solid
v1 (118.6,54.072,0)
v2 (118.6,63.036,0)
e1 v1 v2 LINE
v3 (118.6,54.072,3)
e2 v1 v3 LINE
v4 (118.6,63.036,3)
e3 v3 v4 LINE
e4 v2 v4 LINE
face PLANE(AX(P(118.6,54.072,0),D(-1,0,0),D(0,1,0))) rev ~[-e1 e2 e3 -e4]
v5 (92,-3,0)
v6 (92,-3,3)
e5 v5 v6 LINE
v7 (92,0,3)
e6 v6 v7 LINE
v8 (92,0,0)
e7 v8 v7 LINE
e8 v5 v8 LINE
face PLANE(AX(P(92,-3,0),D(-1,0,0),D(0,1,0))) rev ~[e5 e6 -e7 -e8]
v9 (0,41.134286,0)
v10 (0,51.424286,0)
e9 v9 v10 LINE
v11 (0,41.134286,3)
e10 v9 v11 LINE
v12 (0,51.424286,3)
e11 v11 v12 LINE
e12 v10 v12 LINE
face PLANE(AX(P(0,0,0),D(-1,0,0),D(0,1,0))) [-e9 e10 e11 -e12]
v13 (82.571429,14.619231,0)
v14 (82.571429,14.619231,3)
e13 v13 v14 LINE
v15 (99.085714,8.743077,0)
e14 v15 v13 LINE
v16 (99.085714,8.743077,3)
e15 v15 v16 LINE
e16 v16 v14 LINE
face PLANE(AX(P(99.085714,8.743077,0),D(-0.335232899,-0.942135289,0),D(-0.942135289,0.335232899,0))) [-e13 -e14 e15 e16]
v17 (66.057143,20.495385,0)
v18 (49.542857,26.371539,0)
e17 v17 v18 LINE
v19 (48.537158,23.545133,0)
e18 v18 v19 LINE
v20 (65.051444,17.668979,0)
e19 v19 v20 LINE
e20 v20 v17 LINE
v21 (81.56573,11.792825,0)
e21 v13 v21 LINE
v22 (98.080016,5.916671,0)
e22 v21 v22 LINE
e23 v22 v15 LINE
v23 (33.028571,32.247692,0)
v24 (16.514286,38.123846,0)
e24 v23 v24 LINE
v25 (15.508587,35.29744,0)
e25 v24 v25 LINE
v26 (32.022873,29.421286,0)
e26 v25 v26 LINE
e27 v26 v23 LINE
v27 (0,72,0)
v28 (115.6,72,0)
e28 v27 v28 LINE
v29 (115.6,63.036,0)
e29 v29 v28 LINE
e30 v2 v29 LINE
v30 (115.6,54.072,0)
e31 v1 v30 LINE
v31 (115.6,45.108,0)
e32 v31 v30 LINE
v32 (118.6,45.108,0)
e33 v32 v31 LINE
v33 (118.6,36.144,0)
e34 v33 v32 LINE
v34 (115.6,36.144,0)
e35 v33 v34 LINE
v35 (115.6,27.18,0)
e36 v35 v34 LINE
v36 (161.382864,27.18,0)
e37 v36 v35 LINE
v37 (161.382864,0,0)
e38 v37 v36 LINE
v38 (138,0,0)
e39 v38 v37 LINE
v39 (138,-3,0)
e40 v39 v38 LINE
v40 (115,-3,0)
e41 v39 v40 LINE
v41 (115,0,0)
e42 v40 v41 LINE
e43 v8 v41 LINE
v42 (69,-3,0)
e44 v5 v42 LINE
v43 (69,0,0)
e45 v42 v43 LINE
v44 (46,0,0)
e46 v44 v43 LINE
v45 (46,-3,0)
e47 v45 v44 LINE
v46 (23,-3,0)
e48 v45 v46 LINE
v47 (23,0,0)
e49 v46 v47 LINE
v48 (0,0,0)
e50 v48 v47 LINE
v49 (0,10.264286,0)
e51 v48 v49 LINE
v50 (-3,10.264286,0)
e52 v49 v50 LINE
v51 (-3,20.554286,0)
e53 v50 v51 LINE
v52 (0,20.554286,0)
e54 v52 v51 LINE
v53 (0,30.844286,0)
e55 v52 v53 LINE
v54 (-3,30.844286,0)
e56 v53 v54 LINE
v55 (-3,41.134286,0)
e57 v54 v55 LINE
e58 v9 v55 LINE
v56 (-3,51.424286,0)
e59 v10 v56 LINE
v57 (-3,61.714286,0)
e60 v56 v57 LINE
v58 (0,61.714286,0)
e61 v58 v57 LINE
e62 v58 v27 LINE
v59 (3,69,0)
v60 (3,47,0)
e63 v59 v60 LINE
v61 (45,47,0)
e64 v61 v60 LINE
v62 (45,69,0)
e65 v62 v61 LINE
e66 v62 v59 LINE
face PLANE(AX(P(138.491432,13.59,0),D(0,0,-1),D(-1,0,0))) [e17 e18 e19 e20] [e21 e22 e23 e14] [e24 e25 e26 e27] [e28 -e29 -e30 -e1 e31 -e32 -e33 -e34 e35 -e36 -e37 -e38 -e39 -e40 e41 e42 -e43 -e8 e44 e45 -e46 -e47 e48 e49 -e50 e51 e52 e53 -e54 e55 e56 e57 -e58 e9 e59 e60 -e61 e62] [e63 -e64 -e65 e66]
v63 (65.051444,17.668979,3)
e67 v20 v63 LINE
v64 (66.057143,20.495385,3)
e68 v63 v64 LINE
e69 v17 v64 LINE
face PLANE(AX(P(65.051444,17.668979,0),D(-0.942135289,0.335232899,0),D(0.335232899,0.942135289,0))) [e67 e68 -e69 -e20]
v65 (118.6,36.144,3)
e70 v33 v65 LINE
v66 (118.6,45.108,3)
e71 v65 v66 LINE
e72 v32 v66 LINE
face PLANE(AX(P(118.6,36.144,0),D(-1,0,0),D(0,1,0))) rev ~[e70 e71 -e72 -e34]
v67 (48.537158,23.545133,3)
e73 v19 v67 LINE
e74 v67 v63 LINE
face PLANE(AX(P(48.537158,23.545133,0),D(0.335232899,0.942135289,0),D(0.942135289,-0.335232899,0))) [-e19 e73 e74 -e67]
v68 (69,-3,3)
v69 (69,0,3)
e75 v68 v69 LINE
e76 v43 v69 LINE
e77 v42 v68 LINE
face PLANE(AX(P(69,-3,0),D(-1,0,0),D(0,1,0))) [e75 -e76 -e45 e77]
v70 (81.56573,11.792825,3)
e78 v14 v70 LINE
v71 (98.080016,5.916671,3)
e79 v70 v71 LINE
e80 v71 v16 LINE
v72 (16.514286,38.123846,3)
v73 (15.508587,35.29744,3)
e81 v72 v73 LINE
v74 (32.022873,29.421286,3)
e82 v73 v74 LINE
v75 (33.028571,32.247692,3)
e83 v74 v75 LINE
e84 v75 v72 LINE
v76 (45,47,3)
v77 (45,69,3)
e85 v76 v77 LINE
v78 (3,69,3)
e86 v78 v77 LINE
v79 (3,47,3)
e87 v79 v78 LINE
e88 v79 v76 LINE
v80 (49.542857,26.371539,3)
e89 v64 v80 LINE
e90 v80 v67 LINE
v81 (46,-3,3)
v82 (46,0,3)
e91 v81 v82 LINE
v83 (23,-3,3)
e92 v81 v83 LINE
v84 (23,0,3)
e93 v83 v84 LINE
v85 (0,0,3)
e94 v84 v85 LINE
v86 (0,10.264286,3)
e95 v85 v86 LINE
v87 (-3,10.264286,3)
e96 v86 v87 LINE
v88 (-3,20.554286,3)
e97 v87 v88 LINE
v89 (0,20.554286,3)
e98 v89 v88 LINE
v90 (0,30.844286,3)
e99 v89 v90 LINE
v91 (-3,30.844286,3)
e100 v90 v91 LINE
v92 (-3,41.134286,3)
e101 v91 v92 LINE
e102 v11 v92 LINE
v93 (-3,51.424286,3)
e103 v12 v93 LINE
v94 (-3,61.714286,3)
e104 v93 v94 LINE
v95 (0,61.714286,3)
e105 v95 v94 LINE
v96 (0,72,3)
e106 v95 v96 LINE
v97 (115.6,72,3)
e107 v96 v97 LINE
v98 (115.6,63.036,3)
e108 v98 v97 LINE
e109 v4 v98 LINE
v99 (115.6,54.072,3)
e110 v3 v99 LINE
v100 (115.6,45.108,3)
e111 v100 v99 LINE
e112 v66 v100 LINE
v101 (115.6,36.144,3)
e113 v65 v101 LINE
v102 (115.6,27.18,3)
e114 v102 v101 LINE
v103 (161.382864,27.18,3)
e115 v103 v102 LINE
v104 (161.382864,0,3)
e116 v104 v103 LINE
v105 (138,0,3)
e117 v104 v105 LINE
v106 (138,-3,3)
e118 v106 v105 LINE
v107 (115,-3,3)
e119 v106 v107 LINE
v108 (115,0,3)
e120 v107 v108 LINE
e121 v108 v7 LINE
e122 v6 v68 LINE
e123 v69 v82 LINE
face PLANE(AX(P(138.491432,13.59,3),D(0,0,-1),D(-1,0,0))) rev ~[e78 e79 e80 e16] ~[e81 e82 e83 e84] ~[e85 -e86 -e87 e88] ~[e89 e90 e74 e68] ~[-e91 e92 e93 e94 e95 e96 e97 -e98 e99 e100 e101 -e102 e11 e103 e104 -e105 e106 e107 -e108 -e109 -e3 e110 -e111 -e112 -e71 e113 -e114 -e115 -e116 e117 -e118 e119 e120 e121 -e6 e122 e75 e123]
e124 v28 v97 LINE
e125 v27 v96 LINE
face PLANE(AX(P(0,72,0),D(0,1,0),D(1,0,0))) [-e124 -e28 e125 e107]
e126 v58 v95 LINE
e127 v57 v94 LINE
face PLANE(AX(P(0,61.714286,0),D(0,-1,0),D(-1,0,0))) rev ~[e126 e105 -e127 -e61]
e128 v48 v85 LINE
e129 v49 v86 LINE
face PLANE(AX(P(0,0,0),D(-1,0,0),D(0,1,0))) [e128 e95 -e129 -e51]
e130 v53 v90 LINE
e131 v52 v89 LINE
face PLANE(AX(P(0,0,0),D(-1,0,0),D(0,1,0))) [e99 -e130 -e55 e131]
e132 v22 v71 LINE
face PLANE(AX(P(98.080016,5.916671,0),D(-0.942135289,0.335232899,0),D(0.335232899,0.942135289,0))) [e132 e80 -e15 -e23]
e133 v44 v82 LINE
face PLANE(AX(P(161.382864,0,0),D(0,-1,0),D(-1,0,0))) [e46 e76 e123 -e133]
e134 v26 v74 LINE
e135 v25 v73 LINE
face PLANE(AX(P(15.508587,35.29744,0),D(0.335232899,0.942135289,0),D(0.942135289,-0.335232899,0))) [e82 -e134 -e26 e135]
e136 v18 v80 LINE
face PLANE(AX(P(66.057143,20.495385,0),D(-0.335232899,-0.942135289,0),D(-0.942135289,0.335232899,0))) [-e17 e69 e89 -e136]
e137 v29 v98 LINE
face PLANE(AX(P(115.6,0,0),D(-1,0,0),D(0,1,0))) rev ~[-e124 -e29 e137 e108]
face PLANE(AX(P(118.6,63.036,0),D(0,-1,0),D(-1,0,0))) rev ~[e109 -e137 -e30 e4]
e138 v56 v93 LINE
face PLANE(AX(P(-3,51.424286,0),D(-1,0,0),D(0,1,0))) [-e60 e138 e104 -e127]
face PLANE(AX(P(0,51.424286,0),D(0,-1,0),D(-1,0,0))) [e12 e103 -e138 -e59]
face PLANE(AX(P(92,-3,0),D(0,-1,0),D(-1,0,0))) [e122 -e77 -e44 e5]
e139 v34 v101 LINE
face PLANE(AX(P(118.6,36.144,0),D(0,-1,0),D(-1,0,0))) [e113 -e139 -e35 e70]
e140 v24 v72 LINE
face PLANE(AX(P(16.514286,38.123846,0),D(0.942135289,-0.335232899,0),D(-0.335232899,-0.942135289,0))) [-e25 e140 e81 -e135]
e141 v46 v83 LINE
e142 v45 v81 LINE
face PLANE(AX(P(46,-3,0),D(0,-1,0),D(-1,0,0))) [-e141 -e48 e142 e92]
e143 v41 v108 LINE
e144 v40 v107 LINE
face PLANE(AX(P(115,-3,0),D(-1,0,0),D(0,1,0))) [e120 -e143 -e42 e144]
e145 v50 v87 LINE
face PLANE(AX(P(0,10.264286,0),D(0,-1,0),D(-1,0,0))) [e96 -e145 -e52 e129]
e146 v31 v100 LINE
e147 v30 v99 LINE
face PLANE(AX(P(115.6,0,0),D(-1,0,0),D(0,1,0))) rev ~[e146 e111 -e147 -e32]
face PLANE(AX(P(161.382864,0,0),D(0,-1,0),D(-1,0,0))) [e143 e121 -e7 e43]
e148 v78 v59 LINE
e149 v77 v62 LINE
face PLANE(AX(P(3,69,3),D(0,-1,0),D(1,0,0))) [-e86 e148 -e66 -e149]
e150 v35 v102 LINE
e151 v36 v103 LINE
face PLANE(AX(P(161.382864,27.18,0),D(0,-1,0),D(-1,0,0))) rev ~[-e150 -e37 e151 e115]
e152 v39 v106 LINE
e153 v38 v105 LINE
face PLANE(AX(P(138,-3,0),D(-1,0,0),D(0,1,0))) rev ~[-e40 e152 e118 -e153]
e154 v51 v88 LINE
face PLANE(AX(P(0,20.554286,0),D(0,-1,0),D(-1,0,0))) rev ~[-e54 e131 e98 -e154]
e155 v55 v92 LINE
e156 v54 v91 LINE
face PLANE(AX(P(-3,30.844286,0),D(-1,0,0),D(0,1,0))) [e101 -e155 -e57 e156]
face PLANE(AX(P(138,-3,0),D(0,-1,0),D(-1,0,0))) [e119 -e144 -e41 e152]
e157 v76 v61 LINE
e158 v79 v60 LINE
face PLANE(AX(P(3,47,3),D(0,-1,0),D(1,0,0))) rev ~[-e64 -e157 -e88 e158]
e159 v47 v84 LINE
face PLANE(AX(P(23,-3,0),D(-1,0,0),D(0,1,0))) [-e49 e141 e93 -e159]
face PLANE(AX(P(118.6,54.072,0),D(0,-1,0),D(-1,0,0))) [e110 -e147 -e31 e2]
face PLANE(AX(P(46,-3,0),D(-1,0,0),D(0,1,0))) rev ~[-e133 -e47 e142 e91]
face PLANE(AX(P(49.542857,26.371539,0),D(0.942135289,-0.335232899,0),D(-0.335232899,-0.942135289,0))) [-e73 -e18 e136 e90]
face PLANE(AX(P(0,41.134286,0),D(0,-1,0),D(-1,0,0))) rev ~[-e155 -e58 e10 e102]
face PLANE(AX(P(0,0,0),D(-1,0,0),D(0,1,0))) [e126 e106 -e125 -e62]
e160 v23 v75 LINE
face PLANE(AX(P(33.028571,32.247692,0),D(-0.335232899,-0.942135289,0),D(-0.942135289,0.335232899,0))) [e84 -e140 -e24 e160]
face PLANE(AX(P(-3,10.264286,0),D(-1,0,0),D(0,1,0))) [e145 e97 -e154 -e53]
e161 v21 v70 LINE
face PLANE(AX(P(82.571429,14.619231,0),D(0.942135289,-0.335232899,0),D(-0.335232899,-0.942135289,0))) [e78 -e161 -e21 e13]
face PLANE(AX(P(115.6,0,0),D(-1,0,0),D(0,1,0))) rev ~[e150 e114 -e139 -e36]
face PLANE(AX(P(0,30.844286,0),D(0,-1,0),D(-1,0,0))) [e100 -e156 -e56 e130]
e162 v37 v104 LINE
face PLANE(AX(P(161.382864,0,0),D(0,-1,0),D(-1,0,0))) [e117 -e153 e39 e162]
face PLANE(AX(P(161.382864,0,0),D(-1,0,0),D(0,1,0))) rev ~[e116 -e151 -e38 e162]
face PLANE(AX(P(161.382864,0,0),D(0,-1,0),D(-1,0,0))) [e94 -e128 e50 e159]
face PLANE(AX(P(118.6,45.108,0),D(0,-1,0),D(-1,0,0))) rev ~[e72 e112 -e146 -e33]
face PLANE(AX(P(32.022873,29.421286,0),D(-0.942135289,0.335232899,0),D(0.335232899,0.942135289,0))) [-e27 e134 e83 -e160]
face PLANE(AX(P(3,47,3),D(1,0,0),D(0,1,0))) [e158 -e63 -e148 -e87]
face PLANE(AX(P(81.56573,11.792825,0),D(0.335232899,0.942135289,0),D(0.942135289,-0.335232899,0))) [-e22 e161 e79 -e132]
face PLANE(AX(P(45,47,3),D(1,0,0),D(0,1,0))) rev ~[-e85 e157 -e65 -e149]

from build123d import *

# Parameters (mm, degrees)
SKETCH1_W           = 115.6
SKETCH1_H           = 72
BOSS_EXTRUDE1_DEPTH = 3
CUT_EXTRUDE1_REACH  = 5
SKETCH2_W           = 42
SKETCH2_H           = 22
SKETCH3_W           = 3
SKETCH3_H           = 10.29
SKETCH3_H_2         = 8.964
BOSS_EXTRUDE2_DEPTH = 3
SKETCH6_W           = 45.782864491
SKETCH6_H           = 27.18
BOSS_EXTRUDE4_DEPTH = 3
SKETCH8_W           = 23
SKETCH8_H           = 3
BOSS_EXTRUDE5_DEPTH = 3


with BuildPart() as part:
    # Sketch1 → Boss-Extrude1 (new body)
    with BuildSketch(Plane.XY):
        with Locations((57.8, 36)):
            Rectangle(SKETCH1_W, SKETCH1_H)
        Polygon((16.514285714, 38.123846184), (15.508587017, 35.297440316), (32.022872733, 29.421286499), (33.02857143, 32.247692367), align=None, mode=Mode.SUBTRACT)
        Polygon((49.542857146, 26.37153855), (48.537158448, 23.545132682), (65.051444164, 17.668978865), (66.057142861, 20.495384733), align=None, mode=Mode.SUBTRACT)
        Polygon((82.571428577, 14.619230916), (81.56572988, 11.792825048), (98.080015595, 5.916671232), (99.085714292, 8.743077099), align=None, mode=Mode.SUBTRACT)
    extrude(amount=BOSS_EXTRUDE1_DEPTH)

    # Sketch2 → Cut-Extrude1 (cut, up to next)
    with BuildSketch(Plane.XY.offset(3), mode=Mode.PRIVATE) as cut_extrude1_sk1:
        with Locations((24, 58)):
            Rectangle(SKETCH2_W, SKETCH2_H)
    cut_extrude1_tool1 = extrude(cut_extrude1_sk1.sketch, amount=-CUT_EXTRUDE1_REACH, mode=Mode.PRIVATE) & part.part
    add(cut_extrude1_tool1.solids().sort_by_distance((24, 58, 3))[0], mode=Mode.SUBTRACT)

    # Sketch3 → Boss-Extrude2 (add)
    with BuildSketch(Plane(origin=(0, 0, 0), x_dir=(-1, 0, 0), z_dir=(0, 0, -1))):
        with Locations((1.5, 56.569285714)):
            Rectangle(SKETCH3_W, SKETCH3_H)
        with Locations((1.5, 35.989285714)):
            Rectangle(SKETCH3_W, SKETCH3_H)
        with Locations((1.5, 15.409285714)):
            Rectangle(SKETCH3_W, SKETCH3_H)
        with Locations((-117.1, 58.554)):
            Rectangle(SKETCH3_W, SKETCH3_H_2)
        with Locations((-117.1, 40.626)):
            Rectangle(SKETCH3_W, SKETCH3_H_2)
    extrude(amount=-BOSS_EXTRUDE2_DEPTH)

    # Sketch6 → Boss-Extrude4 (add)
    with BuildSketch(Plane(origin=(0, 0, 0), x_dir=(-1, 0, 0), z_dir=(0, 0, -1))):
        with Locations((-138.491432246, 13.59)):
            Rectangle(SKETCH6_W, SKETCH6_H)
    extrude(amount=-BOSS_EXTRUDE4_DEPTH)

    # Sketch8 → Boss-Extrude5 (add)
    with BuildSketch(Plane(origin=(0, 0, 0), x_dir=(-1, 0, 0), z_dir=(0, 0, -1))):
        with Locations((-34.5, -1.5)):
            Rectangle(SKETCH8_W, SKETCH8_H)
        with Locations((-80.5, -1.5)):
            Rectangle(SKETCH8_W, SKETCH8_H)
        with Locations((-126.5, -1.5)):
            Rectangle(SKETCH8_W, SKETCH8_H)
    extrude(amount=-BOSS_EXTRUDE5_DEPTH)


solid = part.part
